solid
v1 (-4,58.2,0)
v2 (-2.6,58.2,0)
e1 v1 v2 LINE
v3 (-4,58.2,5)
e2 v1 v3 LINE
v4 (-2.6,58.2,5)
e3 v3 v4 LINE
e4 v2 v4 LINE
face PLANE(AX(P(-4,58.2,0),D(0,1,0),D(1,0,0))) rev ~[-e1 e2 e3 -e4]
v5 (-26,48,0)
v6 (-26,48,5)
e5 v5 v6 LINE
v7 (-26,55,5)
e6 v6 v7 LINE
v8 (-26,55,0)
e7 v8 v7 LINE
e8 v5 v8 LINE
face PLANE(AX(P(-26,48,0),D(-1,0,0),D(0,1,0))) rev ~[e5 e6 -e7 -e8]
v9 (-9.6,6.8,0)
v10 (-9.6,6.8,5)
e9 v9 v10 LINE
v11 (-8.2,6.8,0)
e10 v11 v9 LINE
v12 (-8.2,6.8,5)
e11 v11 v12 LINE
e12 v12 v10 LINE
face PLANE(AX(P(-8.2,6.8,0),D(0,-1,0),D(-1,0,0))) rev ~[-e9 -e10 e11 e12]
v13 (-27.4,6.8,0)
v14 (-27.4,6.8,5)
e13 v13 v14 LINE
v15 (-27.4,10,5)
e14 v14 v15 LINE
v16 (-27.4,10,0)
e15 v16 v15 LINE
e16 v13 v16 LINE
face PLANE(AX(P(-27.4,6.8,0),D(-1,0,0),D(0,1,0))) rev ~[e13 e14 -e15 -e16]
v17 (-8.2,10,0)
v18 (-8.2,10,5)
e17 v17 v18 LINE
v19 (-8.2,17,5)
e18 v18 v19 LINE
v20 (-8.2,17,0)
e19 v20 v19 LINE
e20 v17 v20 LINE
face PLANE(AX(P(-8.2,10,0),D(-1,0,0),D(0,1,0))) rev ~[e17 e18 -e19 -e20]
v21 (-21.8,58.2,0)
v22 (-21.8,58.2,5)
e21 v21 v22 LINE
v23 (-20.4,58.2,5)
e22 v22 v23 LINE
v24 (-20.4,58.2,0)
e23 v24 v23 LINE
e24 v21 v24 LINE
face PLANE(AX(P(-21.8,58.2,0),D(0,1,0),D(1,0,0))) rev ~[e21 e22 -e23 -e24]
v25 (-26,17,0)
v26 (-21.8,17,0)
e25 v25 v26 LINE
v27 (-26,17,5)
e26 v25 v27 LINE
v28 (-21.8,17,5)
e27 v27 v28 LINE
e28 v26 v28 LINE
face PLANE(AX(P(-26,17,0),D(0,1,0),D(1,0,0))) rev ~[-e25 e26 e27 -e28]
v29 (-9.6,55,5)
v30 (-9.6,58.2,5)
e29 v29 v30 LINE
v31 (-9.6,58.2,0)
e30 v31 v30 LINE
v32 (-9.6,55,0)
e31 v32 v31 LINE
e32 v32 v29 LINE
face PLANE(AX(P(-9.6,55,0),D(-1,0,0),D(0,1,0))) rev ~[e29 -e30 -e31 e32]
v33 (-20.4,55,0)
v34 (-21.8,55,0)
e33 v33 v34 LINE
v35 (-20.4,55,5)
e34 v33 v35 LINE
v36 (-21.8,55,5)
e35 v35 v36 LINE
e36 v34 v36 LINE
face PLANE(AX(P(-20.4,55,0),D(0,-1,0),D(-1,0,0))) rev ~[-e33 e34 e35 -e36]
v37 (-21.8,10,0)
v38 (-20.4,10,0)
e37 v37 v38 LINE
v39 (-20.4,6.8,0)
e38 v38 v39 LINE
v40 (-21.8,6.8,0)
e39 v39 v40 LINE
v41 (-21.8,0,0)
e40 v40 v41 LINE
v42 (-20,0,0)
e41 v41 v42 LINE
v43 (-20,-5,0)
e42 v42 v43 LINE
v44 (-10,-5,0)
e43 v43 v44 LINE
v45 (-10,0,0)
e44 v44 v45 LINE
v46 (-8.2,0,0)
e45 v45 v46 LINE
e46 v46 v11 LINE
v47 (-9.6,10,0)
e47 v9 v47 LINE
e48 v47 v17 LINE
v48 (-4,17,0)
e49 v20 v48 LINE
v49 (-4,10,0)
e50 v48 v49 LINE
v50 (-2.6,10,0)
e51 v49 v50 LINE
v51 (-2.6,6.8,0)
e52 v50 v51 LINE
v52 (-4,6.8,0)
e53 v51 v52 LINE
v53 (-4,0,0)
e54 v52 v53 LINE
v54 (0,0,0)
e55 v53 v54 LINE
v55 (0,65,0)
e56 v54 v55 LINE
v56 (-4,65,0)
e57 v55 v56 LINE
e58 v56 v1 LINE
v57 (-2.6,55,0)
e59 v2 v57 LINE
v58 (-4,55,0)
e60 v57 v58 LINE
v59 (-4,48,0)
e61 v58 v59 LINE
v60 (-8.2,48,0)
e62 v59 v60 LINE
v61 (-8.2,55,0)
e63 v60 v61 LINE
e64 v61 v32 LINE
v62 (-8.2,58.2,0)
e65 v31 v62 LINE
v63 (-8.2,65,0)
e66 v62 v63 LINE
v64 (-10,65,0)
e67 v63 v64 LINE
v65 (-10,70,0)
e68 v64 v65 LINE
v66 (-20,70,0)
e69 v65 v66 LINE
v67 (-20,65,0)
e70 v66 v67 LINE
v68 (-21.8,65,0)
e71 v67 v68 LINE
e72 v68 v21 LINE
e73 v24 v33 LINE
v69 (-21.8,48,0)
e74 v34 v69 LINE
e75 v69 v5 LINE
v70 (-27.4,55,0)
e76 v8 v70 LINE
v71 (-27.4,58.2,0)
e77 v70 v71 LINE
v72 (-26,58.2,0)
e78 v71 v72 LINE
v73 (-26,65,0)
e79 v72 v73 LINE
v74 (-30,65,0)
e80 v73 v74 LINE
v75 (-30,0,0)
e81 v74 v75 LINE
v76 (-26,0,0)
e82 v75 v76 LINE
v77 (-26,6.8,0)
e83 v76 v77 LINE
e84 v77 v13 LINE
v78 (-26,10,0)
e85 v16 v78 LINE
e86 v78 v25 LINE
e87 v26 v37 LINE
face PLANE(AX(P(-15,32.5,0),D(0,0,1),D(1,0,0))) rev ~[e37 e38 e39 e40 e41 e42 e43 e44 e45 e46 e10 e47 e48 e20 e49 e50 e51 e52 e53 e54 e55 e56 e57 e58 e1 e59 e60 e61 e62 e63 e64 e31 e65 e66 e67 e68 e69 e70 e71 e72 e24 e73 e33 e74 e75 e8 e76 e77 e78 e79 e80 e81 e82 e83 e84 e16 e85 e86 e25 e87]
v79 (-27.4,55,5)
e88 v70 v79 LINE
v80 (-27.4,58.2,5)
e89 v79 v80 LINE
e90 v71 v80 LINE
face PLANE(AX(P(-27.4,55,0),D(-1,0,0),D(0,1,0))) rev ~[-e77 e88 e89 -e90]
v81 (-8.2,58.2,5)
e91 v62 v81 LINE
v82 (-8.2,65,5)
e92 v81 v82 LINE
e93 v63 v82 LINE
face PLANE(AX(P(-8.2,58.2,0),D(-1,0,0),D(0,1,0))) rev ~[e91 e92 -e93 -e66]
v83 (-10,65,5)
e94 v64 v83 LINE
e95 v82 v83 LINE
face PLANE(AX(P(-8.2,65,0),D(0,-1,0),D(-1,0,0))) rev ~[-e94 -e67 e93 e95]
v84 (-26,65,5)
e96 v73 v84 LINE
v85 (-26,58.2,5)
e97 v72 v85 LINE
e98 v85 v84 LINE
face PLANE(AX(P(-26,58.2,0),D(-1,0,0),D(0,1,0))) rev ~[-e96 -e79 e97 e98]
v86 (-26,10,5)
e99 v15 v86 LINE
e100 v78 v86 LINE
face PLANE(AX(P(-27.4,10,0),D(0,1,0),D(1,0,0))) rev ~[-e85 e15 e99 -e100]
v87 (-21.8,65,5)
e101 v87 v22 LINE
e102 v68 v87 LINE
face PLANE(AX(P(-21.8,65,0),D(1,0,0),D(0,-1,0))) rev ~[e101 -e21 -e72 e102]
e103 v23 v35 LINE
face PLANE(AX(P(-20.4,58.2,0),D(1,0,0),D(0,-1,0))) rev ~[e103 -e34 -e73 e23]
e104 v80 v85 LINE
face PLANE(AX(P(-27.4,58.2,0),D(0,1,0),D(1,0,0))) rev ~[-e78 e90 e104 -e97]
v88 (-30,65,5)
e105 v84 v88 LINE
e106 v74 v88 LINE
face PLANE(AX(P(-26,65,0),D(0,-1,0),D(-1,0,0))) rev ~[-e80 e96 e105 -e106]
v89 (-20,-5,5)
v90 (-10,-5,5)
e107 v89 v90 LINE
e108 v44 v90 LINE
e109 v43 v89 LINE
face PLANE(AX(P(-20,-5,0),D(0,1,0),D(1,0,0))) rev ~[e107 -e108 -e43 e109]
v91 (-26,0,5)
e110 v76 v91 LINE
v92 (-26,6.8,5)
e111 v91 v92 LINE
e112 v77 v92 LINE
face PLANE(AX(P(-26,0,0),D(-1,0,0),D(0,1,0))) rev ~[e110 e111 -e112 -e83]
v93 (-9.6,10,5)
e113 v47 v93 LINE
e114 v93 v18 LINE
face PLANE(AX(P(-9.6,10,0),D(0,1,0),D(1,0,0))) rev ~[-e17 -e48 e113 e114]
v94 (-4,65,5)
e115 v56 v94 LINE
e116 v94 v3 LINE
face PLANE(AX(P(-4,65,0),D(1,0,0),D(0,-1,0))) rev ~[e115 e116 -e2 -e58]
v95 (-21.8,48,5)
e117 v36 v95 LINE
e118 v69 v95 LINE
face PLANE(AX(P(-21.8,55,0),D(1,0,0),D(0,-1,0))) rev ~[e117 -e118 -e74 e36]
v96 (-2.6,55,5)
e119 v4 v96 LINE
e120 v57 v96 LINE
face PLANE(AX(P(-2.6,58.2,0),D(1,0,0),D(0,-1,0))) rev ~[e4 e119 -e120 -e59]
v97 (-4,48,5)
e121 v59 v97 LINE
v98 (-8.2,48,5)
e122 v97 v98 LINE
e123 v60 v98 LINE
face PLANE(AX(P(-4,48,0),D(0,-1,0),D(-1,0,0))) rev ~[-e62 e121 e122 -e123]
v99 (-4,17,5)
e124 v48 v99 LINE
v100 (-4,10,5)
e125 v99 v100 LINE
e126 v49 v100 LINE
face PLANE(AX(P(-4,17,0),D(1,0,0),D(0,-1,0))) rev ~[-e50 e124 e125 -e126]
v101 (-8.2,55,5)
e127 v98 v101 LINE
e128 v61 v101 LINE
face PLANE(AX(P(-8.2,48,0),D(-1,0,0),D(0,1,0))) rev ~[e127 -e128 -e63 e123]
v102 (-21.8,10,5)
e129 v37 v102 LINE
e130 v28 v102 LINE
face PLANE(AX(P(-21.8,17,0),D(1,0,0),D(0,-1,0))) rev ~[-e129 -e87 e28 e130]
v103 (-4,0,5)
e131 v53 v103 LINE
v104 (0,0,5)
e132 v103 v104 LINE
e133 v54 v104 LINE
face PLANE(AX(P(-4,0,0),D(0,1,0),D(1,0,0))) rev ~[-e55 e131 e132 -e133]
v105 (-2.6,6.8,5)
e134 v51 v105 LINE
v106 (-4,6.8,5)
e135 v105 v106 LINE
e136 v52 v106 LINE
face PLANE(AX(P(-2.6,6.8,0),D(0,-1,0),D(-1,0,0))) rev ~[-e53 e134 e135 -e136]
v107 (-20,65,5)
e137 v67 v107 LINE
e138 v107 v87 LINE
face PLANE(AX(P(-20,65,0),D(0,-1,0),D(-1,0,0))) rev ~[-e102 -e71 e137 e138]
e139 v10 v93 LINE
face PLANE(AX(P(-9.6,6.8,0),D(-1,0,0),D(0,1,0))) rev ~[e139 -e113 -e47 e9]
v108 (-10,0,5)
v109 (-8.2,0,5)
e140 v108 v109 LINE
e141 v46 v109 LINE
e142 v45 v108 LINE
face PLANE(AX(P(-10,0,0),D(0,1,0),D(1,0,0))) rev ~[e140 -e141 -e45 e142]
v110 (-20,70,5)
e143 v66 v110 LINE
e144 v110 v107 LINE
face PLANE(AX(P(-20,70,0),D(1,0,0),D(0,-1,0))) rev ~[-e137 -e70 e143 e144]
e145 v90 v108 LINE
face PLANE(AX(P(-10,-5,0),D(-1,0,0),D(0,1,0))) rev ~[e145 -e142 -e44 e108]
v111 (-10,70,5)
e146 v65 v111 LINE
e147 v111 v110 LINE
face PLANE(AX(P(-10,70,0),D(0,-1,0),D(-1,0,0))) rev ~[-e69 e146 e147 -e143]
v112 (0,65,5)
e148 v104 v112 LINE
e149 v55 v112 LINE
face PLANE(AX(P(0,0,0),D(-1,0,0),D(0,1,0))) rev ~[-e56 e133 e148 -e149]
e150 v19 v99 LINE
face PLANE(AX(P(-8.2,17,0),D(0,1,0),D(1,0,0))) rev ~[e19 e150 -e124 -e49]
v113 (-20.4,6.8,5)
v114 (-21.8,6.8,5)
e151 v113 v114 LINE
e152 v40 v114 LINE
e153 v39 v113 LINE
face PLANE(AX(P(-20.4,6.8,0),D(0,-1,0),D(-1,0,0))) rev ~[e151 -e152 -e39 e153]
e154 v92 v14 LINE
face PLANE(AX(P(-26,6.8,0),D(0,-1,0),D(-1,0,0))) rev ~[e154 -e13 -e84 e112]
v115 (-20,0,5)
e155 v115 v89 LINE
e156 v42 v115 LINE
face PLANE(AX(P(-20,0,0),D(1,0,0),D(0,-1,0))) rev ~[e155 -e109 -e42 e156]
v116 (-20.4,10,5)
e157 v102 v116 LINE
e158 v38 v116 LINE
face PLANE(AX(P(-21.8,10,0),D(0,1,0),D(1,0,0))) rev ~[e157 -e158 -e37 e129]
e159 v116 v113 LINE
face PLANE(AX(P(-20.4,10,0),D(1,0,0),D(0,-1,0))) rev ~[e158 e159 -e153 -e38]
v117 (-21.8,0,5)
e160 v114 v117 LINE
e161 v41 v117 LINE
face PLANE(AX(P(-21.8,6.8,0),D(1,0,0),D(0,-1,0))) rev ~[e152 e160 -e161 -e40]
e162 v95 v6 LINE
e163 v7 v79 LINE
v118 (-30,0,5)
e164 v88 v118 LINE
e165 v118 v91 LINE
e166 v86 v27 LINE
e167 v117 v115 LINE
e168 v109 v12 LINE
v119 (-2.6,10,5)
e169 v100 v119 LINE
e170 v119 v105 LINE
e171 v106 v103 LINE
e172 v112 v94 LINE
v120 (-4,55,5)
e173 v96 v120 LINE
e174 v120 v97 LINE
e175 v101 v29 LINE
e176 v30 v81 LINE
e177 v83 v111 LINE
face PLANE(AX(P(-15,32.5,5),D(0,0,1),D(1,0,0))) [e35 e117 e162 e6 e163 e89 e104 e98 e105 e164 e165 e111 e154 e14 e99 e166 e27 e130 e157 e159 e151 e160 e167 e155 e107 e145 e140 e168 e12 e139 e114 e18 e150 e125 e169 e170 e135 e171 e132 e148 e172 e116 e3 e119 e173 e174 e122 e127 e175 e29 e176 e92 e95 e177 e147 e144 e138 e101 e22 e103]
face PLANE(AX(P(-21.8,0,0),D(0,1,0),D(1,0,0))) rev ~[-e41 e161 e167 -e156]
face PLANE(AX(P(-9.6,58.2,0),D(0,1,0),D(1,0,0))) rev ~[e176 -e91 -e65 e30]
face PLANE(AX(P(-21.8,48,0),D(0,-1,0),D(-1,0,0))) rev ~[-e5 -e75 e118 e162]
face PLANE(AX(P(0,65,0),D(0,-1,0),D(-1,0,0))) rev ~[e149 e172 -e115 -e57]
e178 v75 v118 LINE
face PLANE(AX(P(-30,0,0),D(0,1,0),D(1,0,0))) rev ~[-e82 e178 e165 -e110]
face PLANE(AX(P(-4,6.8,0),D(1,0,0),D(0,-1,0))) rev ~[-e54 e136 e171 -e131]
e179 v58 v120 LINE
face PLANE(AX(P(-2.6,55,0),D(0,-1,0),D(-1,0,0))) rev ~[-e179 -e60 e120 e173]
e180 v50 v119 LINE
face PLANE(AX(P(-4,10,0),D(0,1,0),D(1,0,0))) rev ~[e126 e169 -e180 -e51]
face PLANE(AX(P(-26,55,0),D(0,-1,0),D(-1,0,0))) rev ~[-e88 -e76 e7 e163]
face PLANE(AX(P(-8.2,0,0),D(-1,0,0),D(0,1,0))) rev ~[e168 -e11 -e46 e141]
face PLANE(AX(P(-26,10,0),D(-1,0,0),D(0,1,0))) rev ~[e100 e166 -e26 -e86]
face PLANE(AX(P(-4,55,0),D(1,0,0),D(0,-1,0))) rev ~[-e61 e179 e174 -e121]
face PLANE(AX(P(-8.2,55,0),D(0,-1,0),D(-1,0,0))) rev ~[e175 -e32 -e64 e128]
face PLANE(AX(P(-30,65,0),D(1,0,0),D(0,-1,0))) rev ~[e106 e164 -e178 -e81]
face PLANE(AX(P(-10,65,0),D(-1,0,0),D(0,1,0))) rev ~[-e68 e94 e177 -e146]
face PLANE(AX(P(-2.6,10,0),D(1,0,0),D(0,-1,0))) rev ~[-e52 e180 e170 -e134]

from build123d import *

# Parameters (mm, degrees)
BOSS_EXTRUDE1_DEPTH = 5


with BuildPart() as part:
    # Sketch1 → Boss-Extrude1 (new body)
    with BuildSketch(Plane.XY):
        Polygon((-4, 0), (0, 0), (0, 65), (-4, 65), (-4, 58.2), (-2.6, 58.2), (-2.6, 55), (-4, 55), (-4, 48), (-8.2, 48), (-8.2, 55), (-9.6, 55), (-9.6, 58.2), (-8.2, 58.2), (-8.2, 65), (-10, 65), (-10, 70), (-20, 70), (-20, 65), (-21.8, 65), (-21.8, 58.2), (-20.4, 58.2), (-20.4, 55), (-21.8, 55), (-21.8, 48), (-26, 48), (-26, 55), (-27.4, 55), (-27.4, 58.2), (-26, 58.2), (-26, 65), (-30, 65), (-30, 0), (-26, 0), (-26, 6.8), (-27.4, 6.8), (-27.4, 10), (-26, 10), (-26, 17), (-21.8, 17), (-21.8, 10), (-20.4, 10), (-20.4, 6.8), (-21.8, 6.8), (-21.8, 0), (-20, 0), (-20, -5), (-10, -5), (-10, 0), (-8.2, 0), (-8.2, 6.8), (-9.6, 6.8), (-9.6, 10), (-8.2, 10), (-8.2, 17), (-4, 17), (-4, 10), (-2.6, 10), (-2.6, 6.8), (-4, 6.8), align=None)
    extrude(amount=BOSS_EXTRUDE1_DEPTH)


solid = part.part
